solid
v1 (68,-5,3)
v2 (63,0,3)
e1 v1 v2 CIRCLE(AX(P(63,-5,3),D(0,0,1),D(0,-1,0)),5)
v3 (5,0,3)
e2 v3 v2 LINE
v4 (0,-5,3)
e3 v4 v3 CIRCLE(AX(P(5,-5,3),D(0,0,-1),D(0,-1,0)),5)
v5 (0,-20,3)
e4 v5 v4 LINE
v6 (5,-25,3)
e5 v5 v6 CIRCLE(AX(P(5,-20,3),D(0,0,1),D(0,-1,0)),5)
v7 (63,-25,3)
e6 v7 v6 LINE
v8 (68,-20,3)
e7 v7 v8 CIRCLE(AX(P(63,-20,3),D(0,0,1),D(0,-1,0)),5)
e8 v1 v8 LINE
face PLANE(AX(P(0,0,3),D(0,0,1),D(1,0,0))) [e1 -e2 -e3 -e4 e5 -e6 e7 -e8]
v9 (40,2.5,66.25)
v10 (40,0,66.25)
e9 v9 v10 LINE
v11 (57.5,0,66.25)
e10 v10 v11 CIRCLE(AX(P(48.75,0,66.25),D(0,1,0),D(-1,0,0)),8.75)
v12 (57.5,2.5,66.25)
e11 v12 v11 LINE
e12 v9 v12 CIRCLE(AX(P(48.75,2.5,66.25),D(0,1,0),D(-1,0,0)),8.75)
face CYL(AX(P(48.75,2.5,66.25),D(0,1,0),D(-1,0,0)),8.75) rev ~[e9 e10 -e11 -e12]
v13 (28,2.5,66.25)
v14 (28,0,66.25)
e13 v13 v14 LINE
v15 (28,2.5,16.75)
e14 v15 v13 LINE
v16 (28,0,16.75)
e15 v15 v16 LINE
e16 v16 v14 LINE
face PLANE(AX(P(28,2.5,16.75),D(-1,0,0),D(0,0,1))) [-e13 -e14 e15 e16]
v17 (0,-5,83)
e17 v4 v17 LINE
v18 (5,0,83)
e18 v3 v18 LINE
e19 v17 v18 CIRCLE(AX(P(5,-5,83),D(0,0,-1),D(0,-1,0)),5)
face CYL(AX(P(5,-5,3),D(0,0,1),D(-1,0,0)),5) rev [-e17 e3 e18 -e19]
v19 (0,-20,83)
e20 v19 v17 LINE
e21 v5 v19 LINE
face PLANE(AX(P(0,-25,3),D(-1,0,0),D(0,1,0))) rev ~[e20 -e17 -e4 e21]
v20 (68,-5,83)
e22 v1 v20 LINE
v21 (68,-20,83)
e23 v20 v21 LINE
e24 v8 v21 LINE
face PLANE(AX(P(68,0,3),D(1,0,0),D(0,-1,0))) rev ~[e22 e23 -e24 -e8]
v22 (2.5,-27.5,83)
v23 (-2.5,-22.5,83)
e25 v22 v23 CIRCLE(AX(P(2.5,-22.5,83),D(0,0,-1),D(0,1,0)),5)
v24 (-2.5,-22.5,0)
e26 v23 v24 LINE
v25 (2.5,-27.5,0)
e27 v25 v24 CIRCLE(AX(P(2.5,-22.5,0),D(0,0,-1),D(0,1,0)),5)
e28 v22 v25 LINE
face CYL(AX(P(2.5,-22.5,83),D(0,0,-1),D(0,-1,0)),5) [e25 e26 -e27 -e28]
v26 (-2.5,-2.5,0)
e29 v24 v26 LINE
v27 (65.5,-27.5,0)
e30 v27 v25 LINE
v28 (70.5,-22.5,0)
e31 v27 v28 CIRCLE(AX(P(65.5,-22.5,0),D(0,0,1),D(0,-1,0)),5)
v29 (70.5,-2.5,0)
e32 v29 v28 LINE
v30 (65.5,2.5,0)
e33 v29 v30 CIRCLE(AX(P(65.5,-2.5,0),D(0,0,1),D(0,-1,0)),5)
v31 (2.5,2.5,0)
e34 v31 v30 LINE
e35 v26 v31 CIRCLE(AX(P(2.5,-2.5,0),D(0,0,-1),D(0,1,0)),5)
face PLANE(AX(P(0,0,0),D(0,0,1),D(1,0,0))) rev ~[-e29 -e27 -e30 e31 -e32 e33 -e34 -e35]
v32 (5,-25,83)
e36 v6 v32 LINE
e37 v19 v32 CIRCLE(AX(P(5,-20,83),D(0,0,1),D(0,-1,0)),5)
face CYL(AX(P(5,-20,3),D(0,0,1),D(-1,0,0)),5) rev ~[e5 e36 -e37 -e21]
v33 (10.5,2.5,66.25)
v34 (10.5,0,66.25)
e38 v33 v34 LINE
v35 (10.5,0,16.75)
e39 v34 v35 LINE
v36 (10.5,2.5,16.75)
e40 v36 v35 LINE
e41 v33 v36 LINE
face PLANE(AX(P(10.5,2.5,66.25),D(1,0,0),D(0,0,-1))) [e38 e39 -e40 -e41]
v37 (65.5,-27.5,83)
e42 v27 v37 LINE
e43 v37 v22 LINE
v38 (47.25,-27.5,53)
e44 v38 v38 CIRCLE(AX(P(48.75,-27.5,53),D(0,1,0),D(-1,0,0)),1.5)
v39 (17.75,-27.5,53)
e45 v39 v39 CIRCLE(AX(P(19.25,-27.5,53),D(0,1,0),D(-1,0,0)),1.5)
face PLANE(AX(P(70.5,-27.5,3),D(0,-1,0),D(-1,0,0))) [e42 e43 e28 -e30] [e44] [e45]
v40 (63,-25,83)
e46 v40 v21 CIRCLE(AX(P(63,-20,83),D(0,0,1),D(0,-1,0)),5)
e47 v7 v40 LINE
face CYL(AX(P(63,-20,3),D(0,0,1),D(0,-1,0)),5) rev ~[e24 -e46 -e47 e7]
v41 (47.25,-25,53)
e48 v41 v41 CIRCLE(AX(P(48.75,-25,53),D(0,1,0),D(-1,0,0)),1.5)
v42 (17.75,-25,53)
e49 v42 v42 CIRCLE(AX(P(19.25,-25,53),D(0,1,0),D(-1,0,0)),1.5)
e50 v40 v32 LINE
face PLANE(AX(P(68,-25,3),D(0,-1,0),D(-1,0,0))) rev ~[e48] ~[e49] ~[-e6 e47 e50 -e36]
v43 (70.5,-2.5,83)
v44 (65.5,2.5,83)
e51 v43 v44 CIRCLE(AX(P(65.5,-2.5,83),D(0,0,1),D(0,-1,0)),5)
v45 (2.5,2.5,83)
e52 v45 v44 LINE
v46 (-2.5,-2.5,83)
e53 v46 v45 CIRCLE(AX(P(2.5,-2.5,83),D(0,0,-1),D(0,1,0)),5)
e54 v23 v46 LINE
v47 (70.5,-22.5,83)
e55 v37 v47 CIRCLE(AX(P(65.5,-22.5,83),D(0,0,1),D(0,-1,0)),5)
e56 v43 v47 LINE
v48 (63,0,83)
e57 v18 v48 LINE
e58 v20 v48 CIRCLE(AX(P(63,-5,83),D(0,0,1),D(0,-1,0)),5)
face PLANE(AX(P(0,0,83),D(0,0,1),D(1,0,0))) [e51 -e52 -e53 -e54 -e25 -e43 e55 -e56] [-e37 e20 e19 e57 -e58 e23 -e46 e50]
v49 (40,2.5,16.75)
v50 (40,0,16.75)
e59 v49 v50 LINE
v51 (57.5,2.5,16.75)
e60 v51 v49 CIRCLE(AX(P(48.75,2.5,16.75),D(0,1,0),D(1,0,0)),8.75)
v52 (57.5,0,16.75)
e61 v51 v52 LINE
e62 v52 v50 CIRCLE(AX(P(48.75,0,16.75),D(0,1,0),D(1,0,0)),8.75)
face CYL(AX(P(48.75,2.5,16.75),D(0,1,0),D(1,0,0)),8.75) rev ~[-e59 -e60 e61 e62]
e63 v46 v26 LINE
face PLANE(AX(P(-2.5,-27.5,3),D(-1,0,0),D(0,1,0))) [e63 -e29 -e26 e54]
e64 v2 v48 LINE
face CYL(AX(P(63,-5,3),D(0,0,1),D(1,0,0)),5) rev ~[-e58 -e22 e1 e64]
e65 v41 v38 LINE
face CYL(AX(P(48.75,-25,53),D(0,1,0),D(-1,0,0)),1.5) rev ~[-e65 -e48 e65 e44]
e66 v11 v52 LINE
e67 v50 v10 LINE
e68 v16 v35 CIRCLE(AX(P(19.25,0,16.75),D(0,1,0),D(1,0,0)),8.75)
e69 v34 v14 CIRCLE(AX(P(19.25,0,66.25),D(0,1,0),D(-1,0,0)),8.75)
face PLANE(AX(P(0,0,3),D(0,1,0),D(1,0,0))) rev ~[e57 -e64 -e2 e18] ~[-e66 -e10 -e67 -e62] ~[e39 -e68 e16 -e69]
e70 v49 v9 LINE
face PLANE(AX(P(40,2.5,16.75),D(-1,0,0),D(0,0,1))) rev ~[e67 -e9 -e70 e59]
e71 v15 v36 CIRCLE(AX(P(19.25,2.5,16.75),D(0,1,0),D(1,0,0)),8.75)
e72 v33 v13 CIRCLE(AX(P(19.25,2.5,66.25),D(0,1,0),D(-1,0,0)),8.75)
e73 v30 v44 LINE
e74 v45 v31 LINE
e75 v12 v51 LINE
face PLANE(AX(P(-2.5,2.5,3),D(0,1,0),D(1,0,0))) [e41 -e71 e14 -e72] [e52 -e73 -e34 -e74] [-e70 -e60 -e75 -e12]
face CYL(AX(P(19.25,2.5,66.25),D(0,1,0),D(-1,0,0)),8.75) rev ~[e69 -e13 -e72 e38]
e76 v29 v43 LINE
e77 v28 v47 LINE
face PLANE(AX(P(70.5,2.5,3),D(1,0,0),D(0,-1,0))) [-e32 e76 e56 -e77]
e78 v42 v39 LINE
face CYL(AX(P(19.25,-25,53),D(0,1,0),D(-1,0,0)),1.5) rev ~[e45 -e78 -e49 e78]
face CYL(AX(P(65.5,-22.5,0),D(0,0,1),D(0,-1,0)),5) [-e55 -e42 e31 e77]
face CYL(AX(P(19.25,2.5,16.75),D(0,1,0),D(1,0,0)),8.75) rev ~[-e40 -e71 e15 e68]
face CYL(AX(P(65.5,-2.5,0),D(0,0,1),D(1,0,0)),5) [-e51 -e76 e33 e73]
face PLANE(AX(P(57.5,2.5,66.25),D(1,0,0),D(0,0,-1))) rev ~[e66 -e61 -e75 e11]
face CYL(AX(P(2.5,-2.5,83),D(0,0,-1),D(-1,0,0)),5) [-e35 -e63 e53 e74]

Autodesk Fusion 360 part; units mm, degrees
sketch "top" plane through (0, 0, 0) normal (0, 0, 1) x (1, 0, 0)
  line L0 (0, 0) -> (68, 0)
  line L1 (68, 0) -> (68, -25)
  line L2 (68, -25) -> (0, -25)
  line L3 (0, -25) -> (0, 0)
  line L4 (70.5, -27.5) -> (-2.5, -27.5)
  line L5 (-2.5, -27.5) -> (-2.5, 2.5)
  line L6 (-2.5, 2.5) -> (70.5, 2.5)
  line L7 (70.5, 2.5) -> (70.5, -27.5)
  dimension "d1" = 68
  dimension "d2" = 25
  dimension "d3" = -2.5
extrude "Extrude1" add sketch "top" along normal blind 3 contours L0 L1 L2 L3 | L4 L5 L6 L7
extrude "Extrude2" add sketch "top" along normal blind 80 from surface at 3
fillet "Fillet1" radius 5 8 edges at (-2.5, -27.5, 41.5) (70.5, -27.5, 41.5) (70.5, 2.5, 41.5) (0, 0, 43) (0, -25, 43) (68, -25, 43) (68, 0, 43) (-2.5, 2.5, 41.5)
sketch "side" plane through (0, 2.5, 0) normal (0, 1, 0) x (-1, 0, 0)
  line L0 (-2.5, 0) -> (-2.5, 83)
  line L1 (-2.5, 83) -> (-65.5, 83)
  line L2 (-65.5, 83) -> (-65.5, 0)
  line L3 (-65.5, 0) -> (-2.5, 0)
  line L4 (-65.5, 0) -> (-65.5, 83)
  line L5 (-2.5, 83) -> (-2.5, 0)
  line L6 (-65.5, 83) -> (-2.5, 83)
  line L7 (-2.5, 0) -> (-65.5, 0)
  line L8 (-34, 83) -> (-34, 0) construction
  line L9 (-57.5, 66.25) -> (-57.5, 16.75)
  arc A0 (-57.5, 16.75) -> (-40, 16.75) centre (-48.75, 16.75) ccw
  line L10 (-40, 16.75) -> (-40, 66.25)
  arc A1 (-40, 66.25) -> (-57.5, 66.25) centre (-48.75, 66.25) ccw
  line L11 (-48.75, 66.25) -> (-48.75, 16.75) construction
  arc A2 (-10.5, 66.25) -> (-28, 66.25) centre (-19.25, 66.25) ccw
  line L12 (-10.5, 66.25) -> (-10.5, 16.75)
  arc A3 (-28, 16.75) -> (-10.5, 16.75) centre (-19.25, 16.75) ccw
  line L13 (-28, 16.75) -> (-28, 66.25)
  circle A4 centre (-48.75, 53) radius 1.5
  circle A5 centre (-19.25, 53) radius 1.5
  dimension "d11" = 8
  dimension "d12" = 6
  dimension "d13" = 8
  dimension "d14" = 8
  dimension "d17" = 3
  dimension "d18" = 30
extrude "Extrude3" cut sketch "side" against normal up to surface (2.5 mm away) contours L9 A0 L10 A1 | A2 L12 A3 L13 | A4 | A5
extrude "Extrude4" cut sketch "side" against normal up to surface (2.5 mm away) from surface at -27.5 contours A4 | A5
